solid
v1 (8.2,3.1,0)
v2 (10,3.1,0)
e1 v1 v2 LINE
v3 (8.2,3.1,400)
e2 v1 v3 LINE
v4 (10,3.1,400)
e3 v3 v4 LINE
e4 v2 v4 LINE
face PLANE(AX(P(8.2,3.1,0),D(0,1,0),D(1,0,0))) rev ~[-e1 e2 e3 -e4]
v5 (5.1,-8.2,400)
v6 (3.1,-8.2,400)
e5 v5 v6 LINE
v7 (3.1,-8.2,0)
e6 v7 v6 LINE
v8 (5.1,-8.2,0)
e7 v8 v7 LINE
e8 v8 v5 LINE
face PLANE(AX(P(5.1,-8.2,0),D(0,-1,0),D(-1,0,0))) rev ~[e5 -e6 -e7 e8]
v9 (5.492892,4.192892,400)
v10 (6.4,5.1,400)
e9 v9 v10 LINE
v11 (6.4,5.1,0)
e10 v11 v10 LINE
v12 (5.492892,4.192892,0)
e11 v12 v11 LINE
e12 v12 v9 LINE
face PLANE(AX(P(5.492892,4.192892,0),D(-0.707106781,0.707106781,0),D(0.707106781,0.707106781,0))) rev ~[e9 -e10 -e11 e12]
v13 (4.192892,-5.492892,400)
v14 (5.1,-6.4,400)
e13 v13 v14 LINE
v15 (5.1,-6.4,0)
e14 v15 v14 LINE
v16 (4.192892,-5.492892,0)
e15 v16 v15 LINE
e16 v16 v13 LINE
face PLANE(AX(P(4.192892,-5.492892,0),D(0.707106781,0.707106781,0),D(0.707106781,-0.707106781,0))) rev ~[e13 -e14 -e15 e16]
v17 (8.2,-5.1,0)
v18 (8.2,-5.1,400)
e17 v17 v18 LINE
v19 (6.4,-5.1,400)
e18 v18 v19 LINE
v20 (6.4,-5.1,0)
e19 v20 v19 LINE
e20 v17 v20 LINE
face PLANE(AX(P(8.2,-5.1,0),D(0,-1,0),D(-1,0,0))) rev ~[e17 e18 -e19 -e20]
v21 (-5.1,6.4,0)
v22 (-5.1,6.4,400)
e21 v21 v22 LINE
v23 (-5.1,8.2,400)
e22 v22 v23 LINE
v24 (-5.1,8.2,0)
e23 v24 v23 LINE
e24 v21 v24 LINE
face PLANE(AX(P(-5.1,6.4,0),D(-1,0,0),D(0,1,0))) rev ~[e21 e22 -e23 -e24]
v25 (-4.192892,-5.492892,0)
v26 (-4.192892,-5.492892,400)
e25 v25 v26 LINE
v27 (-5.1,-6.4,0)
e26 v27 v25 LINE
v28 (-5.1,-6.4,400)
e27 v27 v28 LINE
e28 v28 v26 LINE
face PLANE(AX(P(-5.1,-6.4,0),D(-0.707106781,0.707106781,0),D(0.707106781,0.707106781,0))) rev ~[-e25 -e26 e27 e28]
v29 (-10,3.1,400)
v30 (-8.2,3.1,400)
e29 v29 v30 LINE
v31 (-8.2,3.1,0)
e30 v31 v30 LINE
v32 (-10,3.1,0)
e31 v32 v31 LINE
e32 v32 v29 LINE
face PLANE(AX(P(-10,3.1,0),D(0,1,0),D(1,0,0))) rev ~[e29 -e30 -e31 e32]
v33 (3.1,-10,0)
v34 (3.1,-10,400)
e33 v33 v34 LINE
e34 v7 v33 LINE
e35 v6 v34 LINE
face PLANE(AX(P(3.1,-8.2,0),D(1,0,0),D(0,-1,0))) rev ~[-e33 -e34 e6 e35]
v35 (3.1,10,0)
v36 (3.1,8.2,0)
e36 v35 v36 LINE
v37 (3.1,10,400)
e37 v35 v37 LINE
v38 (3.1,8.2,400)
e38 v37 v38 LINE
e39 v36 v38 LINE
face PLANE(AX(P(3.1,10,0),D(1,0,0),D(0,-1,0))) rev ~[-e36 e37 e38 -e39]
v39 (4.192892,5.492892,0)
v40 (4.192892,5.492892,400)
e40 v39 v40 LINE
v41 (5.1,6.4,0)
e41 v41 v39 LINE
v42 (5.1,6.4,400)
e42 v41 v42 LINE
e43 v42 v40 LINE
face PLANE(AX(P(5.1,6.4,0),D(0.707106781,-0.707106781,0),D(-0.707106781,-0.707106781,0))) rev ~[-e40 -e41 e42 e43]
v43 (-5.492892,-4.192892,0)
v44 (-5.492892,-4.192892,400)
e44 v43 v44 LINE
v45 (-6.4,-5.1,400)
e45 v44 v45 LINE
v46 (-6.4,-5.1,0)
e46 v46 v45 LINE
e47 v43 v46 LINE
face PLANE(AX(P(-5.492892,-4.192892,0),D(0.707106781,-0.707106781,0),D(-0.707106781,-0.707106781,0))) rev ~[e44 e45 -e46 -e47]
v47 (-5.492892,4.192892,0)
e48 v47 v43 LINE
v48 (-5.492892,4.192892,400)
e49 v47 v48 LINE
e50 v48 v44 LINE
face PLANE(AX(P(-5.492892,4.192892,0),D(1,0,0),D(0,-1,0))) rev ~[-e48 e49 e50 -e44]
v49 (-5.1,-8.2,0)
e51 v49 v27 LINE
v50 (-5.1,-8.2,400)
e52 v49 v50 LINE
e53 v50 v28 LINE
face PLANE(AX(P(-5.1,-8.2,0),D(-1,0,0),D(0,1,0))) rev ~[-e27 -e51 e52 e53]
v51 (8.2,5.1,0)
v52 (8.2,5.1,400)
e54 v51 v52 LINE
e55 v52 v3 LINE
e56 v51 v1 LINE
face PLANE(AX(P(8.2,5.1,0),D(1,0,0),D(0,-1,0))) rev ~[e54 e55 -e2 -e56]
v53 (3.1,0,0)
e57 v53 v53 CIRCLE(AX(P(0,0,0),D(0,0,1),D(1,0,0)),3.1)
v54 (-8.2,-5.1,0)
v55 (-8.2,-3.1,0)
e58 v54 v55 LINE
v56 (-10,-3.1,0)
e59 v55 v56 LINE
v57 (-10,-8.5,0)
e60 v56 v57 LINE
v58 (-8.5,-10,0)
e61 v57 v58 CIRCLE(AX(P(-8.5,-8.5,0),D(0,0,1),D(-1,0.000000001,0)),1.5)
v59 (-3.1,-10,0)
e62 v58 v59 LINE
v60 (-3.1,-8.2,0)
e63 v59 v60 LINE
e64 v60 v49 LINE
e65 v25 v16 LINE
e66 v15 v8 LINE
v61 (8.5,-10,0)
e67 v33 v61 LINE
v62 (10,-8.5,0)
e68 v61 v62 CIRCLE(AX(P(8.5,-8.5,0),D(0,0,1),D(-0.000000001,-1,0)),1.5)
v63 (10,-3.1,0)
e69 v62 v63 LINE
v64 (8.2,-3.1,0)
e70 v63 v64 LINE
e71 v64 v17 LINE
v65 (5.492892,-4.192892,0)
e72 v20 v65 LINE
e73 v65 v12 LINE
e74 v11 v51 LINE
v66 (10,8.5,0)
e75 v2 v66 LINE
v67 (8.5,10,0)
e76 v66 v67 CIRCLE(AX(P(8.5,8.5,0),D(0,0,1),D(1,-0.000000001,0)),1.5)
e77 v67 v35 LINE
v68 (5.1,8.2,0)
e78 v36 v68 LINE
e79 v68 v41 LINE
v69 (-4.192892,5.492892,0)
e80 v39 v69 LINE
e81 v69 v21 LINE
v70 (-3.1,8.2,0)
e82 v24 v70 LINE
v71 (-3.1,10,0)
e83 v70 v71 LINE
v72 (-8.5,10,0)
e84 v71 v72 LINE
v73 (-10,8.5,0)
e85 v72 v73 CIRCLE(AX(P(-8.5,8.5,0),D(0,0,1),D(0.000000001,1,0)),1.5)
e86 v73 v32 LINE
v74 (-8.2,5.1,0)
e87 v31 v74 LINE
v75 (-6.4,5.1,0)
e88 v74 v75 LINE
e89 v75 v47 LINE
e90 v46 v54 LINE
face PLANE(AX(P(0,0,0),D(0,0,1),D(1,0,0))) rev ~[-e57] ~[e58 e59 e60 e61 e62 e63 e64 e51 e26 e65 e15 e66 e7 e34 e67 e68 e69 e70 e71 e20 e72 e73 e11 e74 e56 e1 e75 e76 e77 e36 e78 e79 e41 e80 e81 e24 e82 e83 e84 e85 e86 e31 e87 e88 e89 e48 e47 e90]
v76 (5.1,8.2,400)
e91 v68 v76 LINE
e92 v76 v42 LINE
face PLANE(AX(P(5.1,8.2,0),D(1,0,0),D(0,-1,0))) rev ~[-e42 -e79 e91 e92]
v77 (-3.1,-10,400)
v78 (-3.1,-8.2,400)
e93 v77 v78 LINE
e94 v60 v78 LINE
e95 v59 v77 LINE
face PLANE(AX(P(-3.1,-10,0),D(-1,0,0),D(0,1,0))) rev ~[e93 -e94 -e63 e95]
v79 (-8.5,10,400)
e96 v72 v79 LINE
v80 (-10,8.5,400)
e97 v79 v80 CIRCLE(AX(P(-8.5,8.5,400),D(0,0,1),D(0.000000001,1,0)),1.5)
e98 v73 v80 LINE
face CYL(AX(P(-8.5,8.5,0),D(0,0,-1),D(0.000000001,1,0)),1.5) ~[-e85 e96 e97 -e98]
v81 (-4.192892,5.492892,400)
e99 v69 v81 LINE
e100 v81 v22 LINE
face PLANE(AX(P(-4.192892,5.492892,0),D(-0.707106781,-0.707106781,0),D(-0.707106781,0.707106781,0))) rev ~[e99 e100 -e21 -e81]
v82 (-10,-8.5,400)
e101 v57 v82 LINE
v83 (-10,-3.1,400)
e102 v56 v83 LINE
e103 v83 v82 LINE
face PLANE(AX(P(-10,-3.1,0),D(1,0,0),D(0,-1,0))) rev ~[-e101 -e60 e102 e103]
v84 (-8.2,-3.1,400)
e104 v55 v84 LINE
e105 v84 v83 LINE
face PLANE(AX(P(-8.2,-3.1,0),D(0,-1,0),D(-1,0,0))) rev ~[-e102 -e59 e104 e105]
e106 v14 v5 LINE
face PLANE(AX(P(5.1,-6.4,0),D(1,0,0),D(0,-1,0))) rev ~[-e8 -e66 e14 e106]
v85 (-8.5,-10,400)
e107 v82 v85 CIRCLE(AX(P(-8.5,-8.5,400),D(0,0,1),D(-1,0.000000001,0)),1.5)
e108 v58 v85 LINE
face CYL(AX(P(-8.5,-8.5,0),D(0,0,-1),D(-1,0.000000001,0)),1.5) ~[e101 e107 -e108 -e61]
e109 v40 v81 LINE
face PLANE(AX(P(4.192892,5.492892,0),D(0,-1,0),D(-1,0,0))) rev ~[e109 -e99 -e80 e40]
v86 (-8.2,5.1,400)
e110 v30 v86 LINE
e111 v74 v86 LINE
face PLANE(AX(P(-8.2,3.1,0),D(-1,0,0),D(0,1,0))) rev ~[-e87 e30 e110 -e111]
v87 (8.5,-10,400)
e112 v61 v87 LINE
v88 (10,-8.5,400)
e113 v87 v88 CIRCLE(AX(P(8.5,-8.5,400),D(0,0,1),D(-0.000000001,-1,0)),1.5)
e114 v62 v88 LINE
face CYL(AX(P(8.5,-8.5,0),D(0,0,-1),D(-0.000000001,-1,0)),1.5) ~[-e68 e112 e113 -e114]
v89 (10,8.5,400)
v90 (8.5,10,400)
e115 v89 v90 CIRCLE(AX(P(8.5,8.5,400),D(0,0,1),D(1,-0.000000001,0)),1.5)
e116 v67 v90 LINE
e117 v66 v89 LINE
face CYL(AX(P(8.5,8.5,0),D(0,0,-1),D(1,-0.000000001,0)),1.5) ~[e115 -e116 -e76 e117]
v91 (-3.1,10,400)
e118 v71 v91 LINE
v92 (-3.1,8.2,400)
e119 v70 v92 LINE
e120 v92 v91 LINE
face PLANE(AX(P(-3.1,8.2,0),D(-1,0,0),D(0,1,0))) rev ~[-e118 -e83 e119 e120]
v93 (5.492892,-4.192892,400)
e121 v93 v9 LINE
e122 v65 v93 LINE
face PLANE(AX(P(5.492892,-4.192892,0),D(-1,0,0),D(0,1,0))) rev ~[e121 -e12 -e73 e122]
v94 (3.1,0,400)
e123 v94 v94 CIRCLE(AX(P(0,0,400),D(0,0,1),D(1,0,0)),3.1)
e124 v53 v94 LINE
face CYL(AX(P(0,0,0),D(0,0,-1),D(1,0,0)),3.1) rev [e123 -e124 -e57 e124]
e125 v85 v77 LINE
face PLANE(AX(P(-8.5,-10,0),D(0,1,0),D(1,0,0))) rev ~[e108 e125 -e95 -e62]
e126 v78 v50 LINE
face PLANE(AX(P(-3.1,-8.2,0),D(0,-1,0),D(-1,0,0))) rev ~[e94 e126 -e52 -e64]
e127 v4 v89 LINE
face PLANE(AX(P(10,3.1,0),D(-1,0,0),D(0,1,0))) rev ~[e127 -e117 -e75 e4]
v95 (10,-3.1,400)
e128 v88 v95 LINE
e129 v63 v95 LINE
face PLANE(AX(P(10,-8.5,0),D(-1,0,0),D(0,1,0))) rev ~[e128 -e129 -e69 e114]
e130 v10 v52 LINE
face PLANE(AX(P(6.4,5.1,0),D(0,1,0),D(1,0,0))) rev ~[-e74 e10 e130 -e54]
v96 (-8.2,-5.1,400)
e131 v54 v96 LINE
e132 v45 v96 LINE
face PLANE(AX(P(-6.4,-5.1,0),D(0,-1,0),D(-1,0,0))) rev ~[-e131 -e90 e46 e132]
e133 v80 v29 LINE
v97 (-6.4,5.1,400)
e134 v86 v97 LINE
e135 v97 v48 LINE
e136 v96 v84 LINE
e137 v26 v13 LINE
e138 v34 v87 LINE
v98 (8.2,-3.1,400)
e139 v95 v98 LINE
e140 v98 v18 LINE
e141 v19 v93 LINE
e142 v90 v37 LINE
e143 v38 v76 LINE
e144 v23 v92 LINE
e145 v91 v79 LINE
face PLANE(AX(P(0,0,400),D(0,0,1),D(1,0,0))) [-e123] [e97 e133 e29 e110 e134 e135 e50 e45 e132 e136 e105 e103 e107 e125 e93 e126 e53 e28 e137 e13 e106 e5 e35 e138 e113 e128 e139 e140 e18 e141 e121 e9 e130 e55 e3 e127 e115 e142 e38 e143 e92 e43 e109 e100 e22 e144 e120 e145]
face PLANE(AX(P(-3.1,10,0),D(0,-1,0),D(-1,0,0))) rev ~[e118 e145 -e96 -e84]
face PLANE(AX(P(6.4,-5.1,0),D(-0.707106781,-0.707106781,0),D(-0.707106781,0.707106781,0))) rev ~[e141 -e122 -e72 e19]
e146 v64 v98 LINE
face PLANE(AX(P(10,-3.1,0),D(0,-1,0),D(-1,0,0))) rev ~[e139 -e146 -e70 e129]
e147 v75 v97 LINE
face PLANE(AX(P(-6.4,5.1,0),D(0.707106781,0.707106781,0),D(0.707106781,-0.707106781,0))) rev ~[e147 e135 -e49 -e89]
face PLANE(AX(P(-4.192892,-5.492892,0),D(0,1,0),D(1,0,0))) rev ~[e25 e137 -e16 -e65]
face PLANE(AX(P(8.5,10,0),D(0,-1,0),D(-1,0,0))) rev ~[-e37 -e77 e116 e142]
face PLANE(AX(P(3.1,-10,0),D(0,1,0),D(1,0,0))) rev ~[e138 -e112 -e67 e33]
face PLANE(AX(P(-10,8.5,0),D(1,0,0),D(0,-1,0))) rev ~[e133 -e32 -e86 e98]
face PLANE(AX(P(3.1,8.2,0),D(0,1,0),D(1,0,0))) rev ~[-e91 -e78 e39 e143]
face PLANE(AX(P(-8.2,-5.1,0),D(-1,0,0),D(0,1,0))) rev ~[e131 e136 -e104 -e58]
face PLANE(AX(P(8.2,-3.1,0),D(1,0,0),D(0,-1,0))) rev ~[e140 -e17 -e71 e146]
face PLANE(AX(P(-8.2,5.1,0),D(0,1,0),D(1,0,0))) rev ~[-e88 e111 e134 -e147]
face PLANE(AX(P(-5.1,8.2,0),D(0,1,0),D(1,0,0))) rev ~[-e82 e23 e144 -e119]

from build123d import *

# Parameters (mm, degrees)
SKETCH1_R           = 3.1
BOSS_EXTRUDE1_DEPTH = 400


with BuildPart() as part:
    # Sketch1 → Boss-Extrude1 (new body)
    with BuildSketch(Plane.XY):
        with BuildLine():
            Line((-10, 3.1), (-8.2, 3.1))
            Line((-8.2, 3.1), (-8.2, 5.1))
            Line((-8.2, 5.1), (-6.4, 5.1))
            Line((-6.4, 5.1), (-5.492892349, 4.192892349))
            Line((-5.492892349, 4.192892349), (-5.492892349, -4.192892349))
            Line((-5.492892349, -4.192892349), (-6.4, -5.1))
            Line((-6.4, -5.1), (-8.2, -5.1))
            Line((-8.2, -5.1), (-8.2, -3.1))
            Line((-8.2, -3.1), (-10, -3.1))
            Line((-10, -3.1), (-10, -8.5))
            ThreePointArc((-10, -8.5), (-9.560660172, -9.560660172), (-8.5, -10))
            Line((-8.5, -10), (-3.1, -10))
            Line((-3.1, -10), (-3.1, -8.2))
            Line((-3.1, -8.2), (-5.1, -8.2))
            Line((-5.1, -8.2), (-5.1, -6.4))
            Line((-5.1, -6.4), (-4.192892349, -5.492892349))
            Line((-4.192892349, -5.492892349), (4.192892349, -5.492892349))
            Line((4.192892349, -5.492892349), (5.1, -6.4))
            Line((5.1, -6.4), (5.1, -8.2))
            Line((5.1, -8.2), (3.1, -8.2))
            Line((3.1, -8.2), (3.1, -10))
            Line((3.1, -10), (8.5, -10))
            ThreePointArc((8.5, -10), (9.560660172, -9.560660172), (10, -8.5))
            Line((10, -8.5), (10, -3.1))
            Line((10, -3.1), (8.2, -3.1))
            Line((8.2, -3.1), (8.2, -5.1))
            Line((8.2, -5.1), (6.4, -5.1))
            Line((6.4, -5.1), (5.492892349, -4.192892349))
            Line((5.492892349, -4.192892349), (5.492892349, 4.192892349))
            Line((5.492892349, 4.192892349), (6.4, 5.1))
            Line((6.4, 5.1), (8.2, 5.1))
            Line((8.2, 5.1), (8.2, 3.1))
            Line((8.2, 3.1), (10, 3.1))
            Line((10, 3.1), (10, 8.5))
            ThreePointArc((10, 8.5), (9.560660172, 9.560660172), (8.5, 10))
            Line((8.5, 10), (3.1, 10))
            Line((3.1, 10), (3.1, 8.2))
            Line((3.1, 8.2), (5.1, 8.2))
            Line((5.1, 8.2), (5.1, 6.4))
            Line((5.1, 6.4), (4.192892349, 5.492892349))
            Line((4.192892349, 5.492892349), (-4.192892349, 5.492892349))
            Line((-4.192892349, 5.492892349), (-5.1, 6.4))
            Line((-5.1, 6.4), (-5.1, 8.2))
            Line((-5.1, 8.2), (-3.1, 8.2))
            Line((-3.1, 8.2), (-3.1, 10))
            Line((-3.1, 10), (-8.5, 10))
            ThreePointArc((-8.5, 10), (-9.560660172, 9.560660172), (-10, 8.5))
            Line((-10, 8.5), (-10, 3.1))
        make_face()
        Circle(SKETCH1_R, mode=Mode.SUBTRACT)
    extrude(amount=BOSS_EXTRUDE1_DEPTH)


solid = part.part
